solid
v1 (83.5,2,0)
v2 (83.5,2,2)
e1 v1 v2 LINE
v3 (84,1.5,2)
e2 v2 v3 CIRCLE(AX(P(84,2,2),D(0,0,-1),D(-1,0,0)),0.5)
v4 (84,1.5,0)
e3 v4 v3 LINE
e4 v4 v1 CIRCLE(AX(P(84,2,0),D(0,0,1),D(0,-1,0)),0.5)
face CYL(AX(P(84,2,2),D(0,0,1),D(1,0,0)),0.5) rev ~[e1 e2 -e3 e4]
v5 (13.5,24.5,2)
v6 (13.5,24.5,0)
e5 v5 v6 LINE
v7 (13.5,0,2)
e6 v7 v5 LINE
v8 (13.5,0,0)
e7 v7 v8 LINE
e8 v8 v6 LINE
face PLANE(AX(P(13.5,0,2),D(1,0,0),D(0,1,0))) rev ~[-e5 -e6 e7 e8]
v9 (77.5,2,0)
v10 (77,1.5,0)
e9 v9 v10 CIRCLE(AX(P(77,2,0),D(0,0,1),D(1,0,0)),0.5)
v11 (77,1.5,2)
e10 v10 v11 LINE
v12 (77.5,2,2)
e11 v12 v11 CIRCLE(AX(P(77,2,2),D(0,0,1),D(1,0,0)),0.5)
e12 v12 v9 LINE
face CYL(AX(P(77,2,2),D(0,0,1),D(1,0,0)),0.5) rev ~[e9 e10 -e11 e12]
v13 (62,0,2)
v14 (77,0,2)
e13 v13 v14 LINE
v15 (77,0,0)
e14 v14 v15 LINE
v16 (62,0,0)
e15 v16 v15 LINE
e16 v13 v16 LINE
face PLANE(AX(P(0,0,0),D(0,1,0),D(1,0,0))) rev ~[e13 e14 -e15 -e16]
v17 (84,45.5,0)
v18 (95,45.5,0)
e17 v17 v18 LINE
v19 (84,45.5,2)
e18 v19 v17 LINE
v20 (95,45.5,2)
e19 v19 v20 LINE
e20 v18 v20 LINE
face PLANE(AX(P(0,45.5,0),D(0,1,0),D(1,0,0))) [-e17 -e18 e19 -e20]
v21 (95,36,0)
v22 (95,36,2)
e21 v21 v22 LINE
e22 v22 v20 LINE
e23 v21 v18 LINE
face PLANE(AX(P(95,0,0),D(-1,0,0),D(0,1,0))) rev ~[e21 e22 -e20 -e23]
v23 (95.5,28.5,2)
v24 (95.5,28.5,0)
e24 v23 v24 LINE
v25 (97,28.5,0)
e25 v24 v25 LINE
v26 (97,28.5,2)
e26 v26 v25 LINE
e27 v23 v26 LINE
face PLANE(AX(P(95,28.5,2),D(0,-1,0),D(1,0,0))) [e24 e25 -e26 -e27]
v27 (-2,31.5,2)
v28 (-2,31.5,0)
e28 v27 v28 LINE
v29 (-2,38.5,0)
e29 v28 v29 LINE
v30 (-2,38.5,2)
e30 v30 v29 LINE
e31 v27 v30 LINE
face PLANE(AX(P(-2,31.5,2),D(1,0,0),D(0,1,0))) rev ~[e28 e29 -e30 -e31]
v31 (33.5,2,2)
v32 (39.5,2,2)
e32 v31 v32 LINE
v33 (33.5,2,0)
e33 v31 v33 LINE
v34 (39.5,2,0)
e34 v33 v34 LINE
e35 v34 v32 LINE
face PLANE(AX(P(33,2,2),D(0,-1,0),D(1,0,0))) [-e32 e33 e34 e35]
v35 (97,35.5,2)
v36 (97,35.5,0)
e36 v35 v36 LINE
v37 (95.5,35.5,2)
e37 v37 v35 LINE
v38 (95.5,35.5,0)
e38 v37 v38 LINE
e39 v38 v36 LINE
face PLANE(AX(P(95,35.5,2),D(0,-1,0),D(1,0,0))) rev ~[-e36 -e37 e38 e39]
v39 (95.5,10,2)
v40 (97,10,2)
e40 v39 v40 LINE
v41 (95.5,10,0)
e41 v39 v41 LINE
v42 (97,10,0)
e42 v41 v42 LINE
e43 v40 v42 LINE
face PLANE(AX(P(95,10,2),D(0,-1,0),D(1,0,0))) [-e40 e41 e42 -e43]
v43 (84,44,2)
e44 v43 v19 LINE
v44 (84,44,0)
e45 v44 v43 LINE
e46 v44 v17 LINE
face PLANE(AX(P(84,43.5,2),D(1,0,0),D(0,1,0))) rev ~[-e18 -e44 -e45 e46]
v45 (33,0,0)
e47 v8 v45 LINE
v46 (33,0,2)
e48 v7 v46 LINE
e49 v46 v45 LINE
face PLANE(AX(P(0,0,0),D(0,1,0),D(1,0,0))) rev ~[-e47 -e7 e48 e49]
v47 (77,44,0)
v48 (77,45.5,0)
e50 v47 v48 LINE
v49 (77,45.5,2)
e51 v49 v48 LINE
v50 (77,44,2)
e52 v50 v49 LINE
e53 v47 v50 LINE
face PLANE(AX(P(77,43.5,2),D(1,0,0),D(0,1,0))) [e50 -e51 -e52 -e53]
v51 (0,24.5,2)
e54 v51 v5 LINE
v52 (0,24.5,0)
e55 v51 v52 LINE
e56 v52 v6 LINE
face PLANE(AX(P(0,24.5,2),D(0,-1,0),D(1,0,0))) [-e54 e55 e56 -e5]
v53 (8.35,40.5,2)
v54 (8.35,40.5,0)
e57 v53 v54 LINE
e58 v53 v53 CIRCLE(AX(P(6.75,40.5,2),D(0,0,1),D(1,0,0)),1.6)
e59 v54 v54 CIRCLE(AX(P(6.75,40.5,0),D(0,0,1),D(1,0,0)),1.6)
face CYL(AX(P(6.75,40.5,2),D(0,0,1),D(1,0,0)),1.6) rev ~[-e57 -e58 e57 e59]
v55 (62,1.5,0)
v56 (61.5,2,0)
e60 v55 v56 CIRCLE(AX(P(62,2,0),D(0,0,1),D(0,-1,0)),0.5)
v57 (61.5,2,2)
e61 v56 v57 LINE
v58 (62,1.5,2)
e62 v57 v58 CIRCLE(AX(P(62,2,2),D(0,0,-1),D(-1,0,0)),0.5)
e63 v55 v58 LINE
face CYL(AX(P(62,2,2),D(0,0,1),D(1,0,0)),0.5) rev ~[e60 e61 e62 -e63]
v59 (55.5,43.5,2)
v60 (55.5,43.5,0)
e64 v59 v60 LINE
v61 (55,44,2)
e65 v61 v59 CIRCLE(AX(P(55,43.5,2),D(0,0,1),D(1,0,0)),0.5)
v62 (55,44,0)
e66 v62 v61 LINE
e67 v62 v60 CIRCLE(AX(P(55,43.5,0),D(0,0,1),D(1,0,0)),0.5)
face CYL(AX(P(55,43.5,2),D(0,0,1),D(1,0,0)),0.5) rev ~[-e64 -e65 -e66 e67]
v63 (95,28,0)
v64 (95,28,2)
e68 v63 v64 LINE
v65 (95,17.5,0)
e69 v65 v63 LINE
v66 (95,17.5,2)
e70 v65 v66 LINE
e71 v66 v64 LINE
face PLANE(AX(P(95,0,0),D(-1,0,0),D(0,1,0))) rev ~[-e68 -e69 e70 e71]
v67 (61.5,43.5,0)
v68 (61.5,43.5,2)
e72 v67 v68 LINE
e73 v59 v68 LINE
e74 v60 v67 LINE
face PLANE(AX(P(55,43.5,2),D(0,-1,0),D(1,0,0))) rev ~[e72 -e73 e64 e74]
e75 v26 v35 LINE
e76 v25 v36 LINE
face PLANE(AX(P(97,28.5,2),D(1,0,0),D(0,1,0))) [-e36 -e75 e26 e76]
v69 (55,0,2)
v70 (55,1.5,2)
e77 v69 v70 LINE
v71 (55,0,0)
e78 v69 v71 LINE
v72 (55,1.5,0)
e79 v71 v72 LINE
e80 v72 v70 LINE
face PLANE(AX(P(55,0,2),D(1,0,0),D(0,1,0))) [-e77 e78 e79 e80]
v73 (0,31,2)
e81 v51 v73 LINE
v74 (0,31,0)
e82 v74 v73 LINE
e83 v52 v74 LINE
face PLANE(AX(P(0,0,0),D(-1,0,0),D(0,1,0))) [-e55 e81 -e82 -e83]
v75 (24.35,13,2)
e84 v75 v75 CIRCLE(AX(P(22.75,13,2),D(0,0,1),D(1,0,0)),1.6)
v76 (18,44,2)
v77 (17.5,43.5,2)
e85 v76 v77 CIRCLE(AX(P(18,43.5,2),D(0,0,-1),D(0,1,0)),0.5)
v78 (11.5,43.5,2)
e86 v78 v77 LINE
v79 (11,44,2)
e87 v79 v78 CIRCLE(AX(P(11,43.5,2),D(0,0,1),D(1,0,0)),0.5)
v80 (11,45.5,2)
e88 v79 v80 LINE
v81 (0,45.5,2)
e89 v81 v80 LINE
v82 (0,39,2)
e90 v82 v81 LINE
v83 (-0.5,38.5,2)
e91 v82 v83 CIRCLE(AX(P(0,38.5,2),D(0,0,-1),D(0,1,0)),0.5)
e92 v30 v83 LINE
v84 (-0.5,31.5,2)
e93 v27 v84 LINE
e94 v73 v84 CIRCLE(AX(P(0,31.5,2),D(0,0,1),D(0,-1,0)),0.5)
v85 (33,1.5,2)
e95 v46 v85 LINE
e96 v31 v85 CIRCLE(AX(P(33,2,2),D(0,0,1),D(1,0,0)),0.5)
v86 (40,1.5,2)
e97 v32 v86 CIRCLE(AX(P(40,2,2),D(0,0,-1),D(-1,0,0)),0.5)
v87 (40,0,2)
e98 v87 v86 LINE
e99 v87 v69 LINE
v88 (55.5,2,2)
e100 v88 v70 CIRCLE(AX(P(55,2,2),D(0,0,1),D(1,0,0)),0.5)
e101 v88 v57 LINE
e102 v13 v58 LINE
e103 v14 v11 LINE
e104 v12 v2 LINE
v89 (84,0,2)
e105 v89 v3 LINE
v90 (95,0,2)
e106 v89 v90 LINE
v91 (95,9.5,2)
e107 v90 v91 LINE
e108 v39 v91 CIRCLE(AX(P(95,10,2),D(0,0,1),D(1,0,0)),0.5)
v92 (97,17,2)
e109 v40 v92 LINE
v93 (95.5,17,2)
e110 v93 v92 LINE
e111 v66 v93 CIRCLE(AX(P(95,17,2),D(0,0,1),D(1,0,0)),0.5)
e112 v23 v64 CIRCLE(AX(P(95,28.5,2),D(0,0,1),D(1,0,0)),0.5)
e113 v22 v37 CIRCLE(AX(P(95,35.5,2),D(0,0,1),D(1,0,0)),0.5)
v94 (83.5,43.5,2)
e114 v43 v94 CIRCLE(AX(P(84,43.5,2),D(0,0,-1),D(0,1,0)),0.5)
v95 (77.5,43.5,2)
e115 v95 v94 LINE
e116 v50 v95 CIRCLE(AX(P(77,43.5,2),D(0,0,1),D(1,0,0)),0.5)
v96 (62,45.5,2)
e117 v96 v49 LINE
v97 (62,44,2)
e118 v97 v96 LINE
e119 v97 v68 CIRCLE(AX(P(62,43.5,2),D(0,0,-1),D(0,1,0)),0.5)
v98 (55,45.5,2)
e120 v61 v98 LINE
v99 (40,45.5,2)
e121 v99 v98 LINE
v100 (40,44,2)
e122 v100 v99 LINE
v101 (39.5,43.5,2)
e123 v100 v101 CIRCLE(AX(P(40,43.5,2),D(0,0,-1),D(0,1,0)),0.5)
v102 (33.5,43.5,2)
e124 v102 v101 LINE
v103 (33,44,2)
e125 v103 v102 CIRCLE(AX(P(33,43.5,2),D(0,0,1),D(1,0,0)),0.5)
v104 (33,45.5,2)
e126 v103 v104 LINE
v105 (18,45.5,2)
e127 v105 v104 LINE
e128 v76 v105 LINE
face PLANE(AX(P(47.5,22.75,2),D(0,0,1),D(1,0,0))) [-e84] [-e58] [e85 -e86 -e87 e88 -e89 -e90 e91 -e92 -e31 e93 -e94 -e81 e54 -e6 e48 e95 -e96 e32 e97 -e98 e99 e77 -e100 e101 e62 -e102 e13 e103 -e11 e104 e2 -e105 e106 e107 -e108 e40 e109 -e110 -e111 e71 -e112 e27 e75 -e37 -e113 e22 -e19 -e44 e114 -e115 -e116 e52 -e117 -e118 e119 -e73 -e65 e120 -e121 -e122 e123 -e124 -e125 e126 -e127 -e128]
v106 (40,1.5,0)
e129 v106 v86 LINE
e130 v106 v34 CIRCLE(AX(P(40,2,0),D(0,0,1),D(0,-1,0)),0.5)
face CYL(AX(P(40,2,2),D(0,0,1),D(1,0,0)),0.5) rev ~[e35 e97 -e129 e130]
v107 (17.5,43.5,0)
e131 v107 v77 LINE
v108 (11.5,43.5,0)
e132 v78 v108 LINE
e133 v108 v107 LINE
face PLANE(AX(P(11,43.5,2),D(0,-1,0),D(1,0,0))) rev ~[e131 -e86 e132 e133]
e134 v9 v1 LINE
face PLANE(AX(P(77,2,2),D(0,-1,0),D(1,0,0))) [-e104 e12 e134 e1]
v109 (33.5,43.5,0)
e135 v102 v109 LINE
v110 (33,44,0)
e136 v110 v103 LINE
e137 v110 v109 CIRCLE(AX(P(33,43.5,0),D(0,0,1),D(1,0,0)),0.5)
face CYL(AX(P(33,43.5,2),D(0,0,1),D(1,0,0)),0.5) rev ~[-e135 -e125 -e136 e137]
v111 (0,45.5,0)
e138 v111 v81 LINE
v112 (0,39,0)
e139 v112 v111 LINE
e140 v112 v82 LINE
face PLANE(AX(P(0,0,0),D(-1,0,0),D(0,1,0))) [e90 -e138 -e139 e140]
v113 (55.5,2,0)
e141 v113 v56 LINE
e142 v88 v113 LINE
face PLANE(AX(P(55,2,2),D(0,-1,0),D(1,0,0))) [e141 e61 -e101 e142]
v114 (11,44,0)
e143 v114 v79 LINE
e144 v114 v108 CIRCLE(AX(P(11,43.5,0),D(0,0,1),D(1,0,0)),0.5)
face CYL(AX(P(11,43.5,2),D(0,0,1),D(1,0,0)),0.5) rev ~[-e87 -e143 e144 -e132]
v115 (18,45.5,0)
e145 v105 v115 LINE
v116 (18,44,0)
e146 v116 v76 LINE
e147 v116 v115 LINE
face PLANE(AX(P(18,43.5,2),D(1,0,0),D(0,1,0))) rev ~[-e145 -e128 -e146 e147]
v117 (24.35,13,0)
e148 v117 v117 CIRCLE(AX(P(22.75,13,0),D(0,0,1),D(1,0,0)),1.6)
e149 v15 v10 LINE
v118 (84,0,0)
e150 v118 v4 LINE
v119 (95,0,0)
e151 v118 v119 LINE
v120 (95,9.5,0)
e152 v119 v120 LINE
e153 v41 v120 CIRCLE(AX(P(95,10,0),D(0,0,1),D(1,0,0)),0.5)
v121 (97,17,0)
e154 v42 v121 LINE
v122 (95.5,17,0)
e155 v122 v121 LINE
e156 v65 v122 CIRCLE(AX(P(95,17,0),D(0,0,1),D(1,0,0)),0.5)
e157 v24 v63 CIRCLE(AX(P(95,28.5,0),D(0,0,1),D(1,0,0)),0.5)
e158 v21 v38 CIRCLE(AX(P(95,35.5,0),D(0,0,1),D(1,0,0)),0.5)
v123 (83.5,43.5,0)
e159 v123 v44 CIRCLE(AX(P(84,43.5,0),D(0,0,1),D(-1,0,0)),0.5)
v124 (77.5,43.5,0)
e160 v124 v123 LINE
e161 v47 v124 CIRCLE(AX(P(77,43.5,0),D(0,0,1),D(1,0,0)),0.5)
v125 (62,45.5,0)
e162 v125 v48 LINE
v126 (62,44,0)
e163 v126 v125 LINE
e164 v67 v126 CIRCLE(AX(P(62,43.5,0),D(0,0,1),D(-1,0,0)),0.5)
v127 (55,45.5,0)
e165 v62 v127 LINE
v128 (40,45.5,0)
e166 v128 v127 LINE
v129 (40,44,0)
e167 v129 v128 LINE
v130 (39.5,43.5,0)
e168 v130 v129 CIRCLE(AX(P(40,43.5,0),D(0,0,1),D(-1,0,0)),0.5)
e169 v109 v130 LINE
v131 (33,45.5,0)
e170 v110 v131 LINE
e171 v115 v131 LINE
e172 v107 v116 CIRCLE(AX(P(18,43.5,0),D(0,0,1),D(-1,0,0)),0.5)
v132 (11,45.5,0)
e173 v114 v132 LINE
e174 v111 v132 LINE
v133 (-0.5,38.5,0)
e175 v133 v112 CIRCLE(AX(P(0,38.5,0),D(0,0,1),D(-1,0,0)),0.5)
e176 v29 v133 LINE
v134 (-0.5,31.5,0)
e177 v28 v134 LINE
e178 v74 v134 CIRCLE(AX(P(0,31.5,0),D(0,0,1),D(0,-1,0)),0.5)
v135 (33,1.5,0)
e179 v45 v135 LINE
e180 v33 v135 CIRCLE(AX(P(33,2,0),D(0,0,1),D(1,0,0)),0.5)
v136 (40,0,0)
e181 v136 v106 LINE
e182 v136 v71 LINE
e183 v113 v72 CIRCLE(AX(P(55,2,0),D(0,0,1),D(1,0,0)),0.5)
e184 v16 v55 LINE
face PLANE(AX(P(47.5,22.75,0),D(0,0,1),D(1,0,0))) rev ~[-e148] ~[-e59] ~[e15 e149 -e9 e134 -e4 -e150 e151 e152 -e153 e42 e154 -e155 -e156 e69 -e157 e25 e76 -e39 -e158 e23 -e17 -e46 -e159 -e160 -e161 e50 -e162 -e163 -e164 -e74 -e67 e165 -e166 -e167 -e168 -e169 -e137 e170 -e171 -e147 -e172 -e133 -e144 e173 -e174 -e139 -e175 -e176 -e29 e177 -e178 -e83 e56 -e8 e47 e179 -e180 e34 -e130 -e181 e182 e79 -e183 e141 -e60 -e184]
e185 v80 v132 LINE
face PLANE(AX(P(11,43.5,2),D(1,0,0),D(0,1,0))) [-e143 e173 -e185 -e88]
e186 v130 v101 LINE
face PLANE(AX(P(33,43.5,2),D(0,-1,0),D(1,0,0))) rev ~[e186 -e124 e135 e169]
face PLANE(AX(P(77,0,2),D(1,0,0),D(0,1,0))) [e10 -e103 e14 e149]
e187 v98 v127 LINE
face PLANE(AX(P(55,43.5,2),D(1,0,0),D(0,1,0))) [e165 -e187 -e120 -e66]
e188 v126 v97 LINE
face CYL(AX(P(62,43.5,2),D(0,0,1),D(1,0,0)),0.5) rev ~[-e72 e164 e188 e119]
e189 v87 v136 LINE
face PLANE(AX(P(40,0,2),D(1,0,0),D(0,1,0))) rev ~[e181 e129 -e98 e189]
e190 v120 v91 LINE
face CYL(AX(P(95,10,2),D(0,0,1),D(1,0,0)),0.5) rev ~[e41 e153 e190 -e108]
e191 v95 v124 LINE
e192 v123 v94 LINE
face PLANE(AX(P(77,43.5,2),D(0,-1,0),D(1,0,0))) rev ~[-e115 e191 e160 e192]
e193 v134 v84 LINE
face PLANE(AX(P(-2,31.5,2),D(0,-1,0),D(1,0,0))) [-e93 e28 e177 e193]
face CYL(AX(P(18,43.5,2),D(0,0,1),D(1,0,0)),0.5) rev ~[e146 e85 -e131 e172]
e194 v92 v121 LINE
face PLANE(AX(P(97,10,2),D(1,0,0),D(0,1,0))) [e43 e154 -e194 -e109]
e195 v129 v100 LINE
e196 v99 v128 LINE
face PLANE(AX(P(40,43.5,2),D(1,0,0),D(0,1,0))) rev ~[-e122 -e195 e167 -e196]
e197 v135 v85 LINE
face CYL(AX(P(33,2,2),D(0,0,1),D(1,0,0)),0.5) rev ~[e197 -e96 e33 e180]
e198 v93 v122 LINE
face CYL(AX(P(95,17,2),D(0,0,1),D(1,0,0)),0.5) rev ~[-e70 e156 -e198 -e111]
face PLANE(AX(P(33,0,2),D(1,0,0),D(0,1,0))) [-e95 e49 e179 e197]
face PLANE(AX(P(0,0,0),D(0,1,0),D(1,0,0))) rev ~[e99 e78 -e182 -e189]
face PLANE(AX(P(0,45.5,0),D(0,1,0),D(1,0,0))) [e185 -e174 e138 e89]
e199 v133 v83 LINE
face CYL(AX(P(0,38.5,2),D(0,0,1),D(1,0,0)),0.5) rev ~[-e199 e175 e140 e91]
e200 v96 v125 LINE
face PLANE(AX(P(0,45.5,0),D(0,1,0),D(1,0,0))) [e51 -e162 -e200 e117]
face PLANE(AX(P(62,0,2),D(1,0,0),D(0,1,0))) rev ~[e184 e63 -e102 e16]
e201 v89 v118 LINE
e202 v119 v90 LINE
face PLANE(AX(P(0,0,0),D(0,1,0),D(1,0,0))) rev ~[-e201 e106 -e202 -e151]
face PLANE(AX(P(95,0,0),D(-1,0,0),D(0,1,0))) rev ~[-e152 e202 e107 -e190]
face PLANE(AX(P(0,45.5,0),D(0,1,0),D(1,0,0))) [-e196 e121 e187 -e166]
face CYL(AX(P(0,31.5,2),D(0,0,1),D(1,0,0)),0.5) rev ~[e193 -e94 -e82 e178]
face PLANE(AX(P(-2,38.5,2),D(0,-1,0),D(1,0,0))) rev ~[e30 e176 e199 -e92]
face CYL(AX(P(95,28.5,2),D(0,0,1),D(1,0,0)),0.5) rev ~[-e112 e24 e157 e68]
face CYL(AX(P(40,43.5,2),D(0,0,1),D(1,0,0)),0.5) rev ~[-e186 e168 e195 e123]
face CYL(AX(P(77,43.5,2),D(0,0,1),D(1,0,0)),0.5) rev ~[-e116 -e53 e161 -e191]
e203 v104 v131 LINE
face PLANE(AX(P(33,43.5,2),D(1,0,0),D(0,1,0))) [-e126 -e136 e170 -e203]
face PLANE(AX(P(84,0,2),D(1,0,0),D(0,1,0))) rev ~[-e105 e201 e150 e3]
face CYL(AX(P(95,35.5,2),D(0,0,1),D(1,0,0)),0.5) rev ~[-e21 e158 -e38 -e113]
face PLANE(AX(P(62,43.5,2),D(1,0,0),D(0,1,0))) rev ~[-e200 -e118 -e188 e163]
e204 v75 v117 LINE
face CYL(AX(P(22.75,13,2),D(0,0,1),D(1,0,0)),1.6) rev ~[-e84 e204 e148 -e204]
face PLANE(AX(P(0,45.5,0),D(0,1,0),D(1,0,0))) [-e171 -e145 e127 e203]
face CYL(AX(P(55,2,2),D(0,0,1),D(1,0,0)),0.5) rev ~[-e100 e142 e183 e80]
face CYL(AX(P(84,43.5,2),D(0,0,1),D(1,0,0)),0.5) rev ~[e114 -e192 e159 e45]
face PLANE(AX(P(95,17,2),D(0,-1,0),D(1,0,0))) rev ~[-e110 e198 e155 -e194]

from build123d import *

# Parameters (mm, degrees)
SKETCH_1_W          = 95
SKETCH_1_H          = 45.5
EXTRUDE_1_DEPTH     = 2
SKETCH_2_W          = 7
SKETCH_2_H          = 2
CUT_EXTRUDE_1_DEPTH = 106.352978126
SKETCH_3_R          = 0.5
CUT_EXTRUDE_2_DEPTH = 106.352978126
SKETCH_5_W          = 13.5
SKETCH_5_H          = 24.5
CUT_EXTRUDE_3_DEPTH = 106.352978126
SKETCH_6_W          = 2
SKETCH_6_H          = 7
EXTRUDE_2_DEPTH     = 2
SKETCH_7_R          = 1.6
CUT_EXTRUDE_4_DEPTH = 2


with BuildPart() as part:
    # 草图1 → 凸台-拉伸1 (new body)
    with BuildSketch(Plane.XY):
        with Locations((47.5, 22.75)):
            Rectangle(SKETCH_1_W, SKETCH_1_H)
    extrude(amount=EXTRUDE_1_DEPTH)

    # 草图2 → 切除-拉伸1 (cut, through all)
    with BuildSketch(Plane.XY.offset(2)):
        with Locations((58.5, 44.5)):
            Rectangle(SKETCH_2_W, SKETCH_2_H)
        with Locations((36.5, 44.5)):
            Rectangle(SKETCH_2_W, SKETCH_2_H)
        with Locations((14.5, 44.5)):
            Rectangle(SKETCH_2_W, SKETCH_2_H)
        with Locations((80.5, 44.5)):
            Rectangle(SKETCH_2_W, SKETCH_2_H)
        with Locations((36.5, 1)):
            Rectangle(SKETCH_2_W, SKETCH_2_H)
        with Locations((58.5, 1)):
            Rectangle(SKETCH_2_W, SKETCH_2_H)
        with Locations((80.5, 1)):
            Rectangle(SKETCH_2_W, SKETCH_2_H)
    extrude(amount=-CUT_EXTRUDE_1_DEPTH, mode=Mode.SUBTRACT)

    # 草图3 → 切除-拉伸2 (cut, through all)
    with BuildSketch(Plane.XY.offset(2)):
        with Locations((11, 43.5)):
            Circle(SKETCH_3_R)
    cut_extrude_2 = extrude(amount=-CUT_EXTRUDE_2_DEPTH, mode=Mode.SUBTRACT)

    # 草图5 → 切除-拉伸3 (cut, through all)
    with BuildSketch(Plane.XY.offset(2)):
        with Locations((6.75, 12.25)):
            Rectangle(SKETCH_5_W, SKETCH_5_H)
    extrude(amount=-CUT_EXTRUDE_3_DEPTH, mode=Mode.SUBTRACT)

    # 草图6 → 凸台-拉伸2 (add)
    with BuildSketch(Plane.XY.offset(2)):
        with Locations((-1, 35)):
            Rectangle(SKETCH_6_W, SKETCH_6_H)
        with Locations((96, 32)):
            Rectangle(SKETCH_6_W, SKETCH_6_H)
        with Locations((96, 13.5)):
            Rectangle(SKETCH_6_W, SKETCH_6_H)
    extrude(amount=-EXTRUDE_2_DEPTH)

    # 草图阵列1: 切除-拉伸2 at 19 more places
    with Locations((7, 0, 0), (22, 0, 0), (29, 0, 0), (44, 0, 0), (51, 0, 0), (66, 0, 0), (73, 0, 0), (73, -41.5, 0), (66, -41.5, 0), (51, -41.5, 0), (44, -41.5, 0), (29, -41.5, 0), (22, -41.5, 0), (-11, -12, 0), (84, -8, 0), (-11, -5, 0), (84, -15, 0), (84, -26.5, 0), (84, -33.5, 0)):
        add(cut_extrude_2, mode=Mode.SUBTRACT)

    # 草图7 → 切除-拉伸4 (cut)
    with BuildSketch(Plane.XY.offset(2)):
        with Locations((6.75, 40.5)):
            Circle(SKETCH_7_R)
        with Locations((22.75, 13)):
            Circle(SKETCH_7_R)
    extrude(amount=-CUT_EXTRUDE_4_DEPTH, mode=Mode.SUBTRACT)


solid = part.part
